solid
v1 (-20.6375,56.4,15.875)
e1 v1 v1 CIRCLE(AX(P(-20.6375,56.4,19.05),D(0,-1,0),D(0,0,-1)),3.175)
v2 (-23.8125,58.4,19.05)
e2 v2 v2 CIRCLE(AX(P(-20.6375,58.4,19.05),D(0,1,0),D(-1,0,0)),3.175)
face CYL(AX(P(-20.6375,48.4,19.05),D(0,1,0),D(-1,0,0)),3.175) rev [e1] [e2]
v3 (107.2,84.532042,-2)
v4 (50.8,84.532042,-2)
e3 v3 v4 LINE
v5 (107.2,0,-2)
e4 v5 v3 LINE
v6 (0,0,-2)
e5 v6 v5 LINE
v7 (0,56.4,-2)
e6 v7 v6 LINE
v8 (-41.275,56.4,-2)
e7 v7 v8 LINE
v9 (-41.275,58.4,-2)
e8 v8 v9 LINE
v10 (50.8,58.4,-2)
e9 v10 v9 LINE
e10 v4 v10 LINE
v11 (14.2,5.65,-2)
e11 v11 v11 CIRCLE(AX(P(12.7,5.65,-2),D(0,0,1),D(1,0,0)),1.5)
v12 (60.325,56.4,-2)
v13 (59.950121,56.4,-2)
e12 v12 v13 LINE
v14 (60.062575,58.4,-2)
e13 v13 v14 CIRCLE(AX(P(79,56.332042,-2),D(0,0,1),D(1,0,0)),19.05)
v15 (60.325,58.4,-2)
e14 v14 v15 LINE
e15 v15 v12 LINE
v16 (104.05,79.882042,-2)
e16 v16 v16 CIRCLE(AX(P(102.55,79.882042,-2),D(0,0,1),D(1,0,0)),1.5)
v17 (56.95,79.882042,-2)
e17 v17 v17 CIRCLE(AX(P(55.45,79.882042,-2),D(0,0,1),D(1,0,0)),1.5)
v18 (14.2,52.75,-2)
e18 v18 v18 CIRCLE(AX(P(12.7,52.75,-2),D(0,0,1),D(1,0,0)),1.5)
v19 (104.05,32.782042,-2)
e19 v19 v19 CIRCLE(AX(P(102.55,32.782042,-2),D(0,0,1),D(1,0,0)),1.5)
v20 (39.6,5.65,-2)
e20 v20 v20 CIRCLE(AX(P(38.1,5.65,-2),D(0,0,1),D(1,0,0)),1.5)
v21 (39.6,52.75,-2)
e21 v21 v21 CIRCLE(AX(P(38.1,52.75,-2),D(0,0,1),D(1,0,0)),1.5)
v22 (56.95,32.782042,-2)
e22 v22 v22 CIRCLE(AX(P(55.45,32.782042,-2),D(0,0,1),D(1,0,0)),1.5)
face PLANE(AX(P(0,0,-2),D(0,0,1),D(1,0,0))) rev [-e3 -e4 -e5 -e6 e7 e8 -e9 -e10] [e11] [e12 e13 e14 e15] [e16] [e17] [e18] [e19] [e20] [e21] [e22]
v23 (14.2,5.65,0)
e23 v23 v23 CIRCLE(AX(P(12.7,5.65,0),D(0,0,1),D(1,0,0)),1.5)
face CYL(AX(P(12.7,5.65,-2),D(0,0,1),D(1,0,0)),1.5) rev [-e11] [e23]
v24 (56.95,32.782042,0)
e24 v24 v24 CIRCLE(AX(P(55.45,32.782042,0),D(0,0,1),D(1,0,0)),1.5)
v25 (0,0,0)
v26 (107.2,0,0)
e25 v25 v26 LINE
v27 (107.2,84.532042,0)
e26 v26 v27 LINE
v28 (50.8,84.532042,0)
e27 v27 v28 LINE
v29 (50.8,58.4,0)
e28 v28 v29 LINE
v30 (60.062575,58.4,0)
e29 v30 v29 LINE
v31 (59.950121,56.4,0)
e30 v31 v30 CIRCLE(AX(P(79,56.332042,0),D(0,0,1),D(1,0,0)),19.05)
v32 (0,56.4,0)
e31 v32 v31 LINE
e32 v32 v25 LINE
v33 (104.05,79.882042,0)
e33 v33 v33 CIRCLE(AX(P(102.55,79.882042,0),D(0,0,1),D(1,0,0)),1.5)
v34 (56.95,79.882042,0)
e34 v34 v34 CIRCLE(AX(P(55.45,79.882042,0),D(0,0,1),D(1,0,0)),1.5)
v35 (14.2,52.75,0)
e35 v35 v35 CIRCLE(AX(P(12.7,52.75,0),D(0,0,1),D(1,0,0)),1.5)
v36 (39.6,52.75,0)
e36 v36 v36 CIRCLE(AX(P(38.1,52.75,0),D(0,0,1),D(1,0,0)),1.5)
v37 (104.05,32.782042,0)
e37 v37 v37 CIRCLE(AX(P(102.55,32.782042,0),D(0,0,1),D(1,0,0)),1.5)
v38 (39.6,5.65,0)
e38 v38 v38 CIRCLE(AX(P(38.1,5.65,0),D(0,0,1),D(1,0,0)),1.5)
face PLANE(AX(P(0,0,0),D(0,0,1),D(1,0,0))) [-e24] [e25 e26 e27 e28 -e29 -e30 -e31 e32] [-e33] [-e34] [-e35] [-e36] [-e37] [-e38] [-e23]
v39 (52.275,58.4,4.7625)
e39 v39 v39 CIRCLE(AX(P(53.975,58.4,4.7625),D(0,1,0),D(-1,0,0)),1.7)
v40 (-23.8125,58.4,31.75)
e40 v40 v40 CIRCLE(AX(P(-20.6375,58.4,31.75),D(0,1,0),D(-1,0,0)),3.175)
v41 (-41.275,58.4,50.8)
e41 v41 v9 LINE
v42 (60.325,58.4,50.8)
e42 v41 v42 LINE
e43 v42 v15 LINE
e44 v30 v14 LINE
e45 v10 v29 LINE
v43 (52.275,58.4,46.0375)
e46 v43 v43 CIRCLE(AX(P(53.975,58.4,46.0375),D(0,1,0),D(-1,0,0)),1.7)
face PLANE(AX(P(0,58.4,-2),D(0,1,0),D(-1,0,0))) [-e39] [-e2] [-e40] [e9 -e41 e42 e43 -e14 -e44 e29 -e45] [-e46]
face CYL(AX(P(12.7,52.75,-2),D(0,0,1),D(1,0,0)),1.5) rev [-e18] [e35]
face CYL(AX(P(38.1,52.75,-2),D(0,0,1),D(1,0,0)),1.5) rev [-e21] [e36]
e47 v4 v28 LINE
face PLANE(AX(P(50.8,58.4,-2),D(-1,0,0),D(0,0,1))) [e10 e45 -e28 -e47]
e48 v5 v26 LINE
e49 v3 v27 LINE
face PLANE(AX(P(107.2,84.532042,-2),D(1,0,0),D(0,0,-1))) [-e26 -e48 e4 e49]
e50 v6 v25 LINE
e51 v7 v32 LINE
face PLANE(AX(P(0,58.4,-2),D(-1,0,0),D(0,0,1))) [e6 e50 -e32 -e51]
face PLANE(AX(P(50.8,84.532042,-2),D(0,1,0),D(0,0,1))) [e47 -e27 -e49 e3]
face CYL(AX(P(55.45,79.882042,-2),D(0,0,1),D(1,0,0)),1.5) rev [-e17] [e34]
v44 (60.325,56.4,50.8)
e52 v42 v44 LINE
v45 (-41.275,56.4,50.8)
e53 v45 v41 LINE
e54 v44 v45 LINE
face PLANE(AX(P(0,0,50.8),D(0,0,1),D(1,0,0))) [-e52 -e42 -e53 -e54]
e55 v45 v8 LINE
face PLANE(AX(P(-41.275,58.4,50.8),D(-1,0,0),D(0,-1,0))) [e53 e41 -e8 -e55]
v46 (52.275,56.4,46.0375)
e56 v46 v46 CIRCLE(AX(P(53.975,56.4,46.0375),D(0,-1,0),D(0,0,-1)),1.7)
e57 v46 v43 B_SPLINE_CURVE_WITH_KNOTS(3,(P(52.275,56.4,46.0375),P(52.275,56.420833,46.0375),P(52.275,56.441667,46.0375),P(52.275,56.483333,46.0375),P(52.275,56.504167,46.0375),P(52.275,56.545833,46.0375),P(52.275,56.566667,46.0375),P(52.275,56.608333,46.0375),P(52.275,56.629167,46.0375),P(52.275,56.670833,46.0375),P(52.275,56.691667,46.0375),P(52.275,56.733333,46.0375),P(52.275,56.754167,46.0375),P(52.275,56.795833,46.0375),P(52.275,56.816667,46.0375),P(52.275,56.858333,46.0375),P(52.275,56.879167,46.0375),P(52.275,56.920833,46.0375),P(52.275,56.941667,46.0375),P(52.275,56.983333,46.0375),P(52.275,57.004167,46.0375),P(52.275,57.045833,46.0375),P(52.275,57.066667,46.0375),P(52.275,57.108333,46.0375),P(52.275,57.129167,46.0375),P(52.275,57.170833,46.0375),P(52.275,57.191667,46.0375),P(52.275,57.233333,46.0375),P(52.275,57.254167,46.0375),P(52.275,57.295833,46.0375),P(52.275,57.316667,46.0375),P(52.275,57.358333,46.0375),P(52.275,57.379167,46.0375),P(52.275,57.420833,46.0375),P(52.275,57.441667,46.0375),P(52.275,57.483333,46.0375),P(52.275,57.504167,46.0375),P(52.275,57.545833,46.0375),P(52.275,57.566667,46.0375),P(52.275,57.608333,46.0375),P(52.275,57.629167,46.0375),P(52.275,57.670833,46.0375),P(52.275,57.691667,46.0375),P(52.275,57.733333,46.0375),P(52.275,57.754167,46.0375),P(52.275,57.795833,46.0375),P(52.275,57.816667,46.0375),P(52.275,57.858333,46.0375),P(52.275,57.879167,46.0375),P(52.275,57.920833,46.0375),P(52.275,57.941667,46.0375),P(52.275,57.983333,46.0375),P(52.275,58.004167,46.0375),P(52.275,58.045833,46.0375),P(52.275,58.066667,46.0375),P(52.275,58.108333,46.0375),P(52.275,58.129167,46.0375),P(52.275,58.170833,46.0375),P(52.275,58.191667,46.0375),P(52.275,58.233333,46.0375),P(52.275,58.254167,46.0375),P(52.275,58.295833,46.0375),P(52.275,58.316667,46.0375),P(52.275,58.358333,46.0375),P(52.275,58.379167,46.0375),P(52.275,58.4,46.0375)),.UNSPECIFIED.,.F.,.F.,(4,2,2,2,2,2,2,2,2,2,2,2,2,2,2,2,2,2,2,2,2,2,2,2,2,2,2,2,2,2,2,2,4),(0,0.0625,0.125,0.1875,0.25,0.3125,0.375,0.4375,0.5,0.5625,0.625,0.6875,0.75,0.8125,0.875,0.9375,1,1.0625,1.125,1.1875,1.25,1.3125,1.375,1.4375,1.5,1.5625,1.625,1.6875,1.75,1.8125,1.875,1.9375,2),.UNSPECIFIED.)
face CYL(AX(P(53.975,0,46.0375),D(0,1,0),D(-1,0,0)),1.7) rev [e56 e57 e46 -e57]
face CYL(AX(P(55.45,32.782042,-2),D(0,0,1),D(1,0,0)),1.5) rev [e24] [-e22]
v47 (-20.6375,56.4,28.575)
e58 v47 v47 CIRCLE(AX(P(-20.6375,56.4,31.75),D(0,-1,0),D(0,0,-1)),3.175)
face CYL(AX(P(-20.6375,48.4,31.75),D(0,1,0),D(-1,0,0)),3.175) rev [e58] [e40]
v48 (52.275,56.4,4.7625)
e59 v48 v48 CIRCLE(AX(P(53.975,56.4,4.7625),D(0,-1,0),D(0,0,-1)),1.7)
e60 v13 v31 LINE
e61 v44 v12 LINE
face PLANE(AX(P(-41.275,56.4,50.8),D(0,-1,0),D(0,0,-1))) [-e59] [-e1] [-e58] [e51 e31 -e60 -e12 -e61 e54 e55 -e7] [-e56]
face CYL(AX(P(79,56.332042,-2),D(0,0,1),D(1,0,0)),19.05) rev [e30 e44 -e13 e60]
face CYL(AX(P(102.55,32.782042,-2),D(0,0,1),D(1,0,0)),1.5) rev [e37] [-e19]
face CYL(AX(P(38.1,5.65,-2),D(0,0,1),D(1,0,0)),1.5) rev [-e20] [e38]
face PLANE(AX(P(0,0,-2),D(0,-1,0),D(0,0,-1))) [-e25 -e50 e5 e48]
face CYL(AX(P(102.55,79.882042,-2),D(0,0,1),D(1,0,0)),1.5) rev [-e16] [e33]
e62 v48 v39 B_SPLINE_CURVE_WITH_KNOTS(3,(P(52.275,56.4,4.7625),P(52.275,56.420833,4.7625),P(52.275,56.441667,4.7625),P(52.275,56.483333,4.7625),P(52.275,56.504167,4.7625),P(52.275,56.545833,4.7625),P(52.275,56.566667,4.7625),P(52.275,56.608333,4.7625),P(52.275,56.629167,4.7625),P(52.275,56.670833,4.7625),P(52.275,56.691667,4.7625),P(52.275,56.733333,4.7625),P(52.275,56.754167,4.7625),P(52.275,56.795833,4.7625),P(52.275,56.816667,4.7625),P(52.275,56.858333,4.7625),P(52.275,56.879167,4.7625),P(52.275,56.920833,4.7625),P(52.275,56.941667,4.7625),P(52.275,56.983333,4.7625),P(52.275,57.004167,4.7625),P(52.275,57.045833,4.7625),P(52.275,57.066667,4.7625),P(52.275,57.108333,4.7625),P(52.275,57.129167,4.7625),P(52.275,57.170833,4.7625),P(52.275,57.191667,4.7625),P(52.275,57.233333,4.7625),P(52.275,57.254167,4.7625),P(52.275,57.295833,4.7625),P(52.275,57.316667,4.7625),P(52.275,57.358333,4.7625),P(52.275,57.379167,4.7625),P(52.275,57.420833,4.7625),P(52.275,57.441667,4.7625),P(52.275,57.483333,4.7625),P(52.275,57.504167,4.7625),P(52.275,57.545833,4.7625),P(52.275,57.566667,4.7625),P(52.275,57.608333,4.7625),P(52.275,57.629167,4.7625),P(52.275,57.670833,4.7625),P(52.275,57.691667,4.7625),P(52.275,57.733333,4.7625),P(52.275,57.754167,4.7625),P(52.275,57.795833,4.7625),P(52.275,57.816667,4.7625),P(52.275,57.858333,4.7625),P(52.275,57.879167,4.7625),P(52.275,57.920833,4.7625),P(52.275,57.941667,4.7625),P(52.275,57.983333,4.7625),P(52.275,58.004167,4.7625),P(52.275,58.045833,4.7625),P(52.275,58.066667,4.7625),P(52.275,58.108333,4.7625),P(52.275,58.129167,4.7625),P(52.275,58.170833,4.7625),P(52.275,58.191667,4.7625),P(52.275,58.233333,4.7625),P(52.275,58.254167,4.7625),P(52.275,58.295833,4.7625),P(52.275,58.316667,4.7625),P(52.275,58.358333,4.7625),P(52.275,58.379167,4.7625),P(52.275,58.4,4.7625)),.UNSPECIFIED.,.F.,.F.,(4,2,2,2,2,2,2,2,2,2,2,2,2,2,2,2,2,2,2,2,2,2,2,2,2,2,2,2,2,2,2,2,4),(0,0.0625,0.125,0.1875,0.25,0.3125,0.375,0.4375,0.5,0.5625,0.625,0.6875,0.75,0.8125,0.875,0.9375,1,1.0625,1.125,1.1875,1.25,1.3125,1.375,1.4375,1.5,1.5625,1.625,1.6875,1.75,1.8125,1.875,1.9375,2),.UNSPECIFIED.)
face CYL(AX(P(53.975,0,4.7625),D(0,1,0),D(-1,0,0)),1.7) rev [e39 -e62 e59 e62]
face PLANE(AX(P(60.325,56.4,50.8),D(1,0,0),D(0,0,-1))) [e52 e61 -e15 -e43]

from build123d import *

# Parameters (mm, degrees)
SKETCH1_R           = 1.5
SKETCH1_R_2         = 19.05
BOSS_EXTRUDE1_DEPTH = 2
BOSS_EXTRUDE2_DEPTH = 52.8
SKETCH3_R           = 1.7
CUT_EXTRUDE1_DEPTH  = 133.22344724
SKETCH4_R           = 3.175
CUT_EXTRUDE2_DEPTH  = 10


with BuildPart() as part:
    # Sketch1 → Boss-Extrude1 (new body)
    with BuildSketch(Plane.XY):
        Polygon((0, 58.4), (0, 0), (107.2, 0), (107.2, 84.53204182), (50.8, 84.53204182), (50.8, 58.4), align=None)
        with Locations((102.55, 79.88204182)):
            Circle(SKETCH1_R, mode=Mode.SUBTRACT)
        with Locations((102.55, 32.78204182)):
            Circle(SKETCH1_R, mode=Mode.SUBTRACT)
        with Locations((55.45, 32.78204182)):
            Circle(SKETCH1_R, mode=Mode.SUBTRACT)
        with Locations((55.45, 79.88204182)):
            Circle(SKETCH1_R, mode=Mode.SUBTRACT)
        with Locations((12.7, 52.75)):
            Circle(SKETCH1_R, mode=Mode.SUBTRACT)
        with Locations((38.1, 52.75)):
            Circle(SKETCH1_R, mode=Mode.SUBTRACT)
        with Locations((12.7, 5.65)):
            Circle(SKETCH1_R, mode=Mode.SUBTRACT)
        with Locations((38.1, 5.65)):
            Circle(SKETCH1_R, mode=Mode.SUBTRACT)
        with Locations((79, 56.33204182)):
            Circle(SKETCH1_R_2, mode=Mode.SUBTRACT)
    extrude(amount=-BOSS_EXTRUDE1_DEPTH)

    # Sketch2 → Boss-Extrude2 (add)
    with BuildSketch(Plane(origin=(0, 0, -2), x_dir=(-1, 0, 0), z_dir=(0, 0, -1))):
        Polygon((0, 58.4), (41.275, 58.4), (41.275, 56.4), (0, 56.4), (-60.325, 56.4), (-60.325, 58.4), align=None)
    extrude(amount=-BOSS_EXTRUDE2_DEPTH)

    # Sketch3 → Cut-Extrude1 (cut, through all)
    with BuildSketch(Plane(origin=(0, 58.4, 0), x_dir=(1, 0, 0), z_dir=(0, 1, 0))):
        with Locations(Location((53.975, -4.7625, 0), (0, 0, 180))):
            Circle(SKETCH3_R)
        with Locations(Location((53.975, -46.0375, 0), (0, 0, 180))):
            Circle(SKETCH3_R)
    extrude(amount=-CUT_EXTRUDE1_DEPTH, mode=Mode.SUBTRACT)

    # Sketch4 → Cut-Extrude2 (cut)
    with BuildSketch(Plane(origin=(0, 58.4, 0), x_dir=(1, 0, 0), z_dir=(0, 1, 0))):
        with Locations(Location((-20.6375, -19.05, 0), (0, 0, 180))):
            Circle(SKETCH4_R)
        with Locations(Location((-20.6375, -31.75, 0), (0, 0, 180))):
            Circle(SKETCH4_R)
    extrude(amount=-CUT_EXTRUDE2_DEPTH, mode=Mode.SUBTRACT)


solid = part.part
